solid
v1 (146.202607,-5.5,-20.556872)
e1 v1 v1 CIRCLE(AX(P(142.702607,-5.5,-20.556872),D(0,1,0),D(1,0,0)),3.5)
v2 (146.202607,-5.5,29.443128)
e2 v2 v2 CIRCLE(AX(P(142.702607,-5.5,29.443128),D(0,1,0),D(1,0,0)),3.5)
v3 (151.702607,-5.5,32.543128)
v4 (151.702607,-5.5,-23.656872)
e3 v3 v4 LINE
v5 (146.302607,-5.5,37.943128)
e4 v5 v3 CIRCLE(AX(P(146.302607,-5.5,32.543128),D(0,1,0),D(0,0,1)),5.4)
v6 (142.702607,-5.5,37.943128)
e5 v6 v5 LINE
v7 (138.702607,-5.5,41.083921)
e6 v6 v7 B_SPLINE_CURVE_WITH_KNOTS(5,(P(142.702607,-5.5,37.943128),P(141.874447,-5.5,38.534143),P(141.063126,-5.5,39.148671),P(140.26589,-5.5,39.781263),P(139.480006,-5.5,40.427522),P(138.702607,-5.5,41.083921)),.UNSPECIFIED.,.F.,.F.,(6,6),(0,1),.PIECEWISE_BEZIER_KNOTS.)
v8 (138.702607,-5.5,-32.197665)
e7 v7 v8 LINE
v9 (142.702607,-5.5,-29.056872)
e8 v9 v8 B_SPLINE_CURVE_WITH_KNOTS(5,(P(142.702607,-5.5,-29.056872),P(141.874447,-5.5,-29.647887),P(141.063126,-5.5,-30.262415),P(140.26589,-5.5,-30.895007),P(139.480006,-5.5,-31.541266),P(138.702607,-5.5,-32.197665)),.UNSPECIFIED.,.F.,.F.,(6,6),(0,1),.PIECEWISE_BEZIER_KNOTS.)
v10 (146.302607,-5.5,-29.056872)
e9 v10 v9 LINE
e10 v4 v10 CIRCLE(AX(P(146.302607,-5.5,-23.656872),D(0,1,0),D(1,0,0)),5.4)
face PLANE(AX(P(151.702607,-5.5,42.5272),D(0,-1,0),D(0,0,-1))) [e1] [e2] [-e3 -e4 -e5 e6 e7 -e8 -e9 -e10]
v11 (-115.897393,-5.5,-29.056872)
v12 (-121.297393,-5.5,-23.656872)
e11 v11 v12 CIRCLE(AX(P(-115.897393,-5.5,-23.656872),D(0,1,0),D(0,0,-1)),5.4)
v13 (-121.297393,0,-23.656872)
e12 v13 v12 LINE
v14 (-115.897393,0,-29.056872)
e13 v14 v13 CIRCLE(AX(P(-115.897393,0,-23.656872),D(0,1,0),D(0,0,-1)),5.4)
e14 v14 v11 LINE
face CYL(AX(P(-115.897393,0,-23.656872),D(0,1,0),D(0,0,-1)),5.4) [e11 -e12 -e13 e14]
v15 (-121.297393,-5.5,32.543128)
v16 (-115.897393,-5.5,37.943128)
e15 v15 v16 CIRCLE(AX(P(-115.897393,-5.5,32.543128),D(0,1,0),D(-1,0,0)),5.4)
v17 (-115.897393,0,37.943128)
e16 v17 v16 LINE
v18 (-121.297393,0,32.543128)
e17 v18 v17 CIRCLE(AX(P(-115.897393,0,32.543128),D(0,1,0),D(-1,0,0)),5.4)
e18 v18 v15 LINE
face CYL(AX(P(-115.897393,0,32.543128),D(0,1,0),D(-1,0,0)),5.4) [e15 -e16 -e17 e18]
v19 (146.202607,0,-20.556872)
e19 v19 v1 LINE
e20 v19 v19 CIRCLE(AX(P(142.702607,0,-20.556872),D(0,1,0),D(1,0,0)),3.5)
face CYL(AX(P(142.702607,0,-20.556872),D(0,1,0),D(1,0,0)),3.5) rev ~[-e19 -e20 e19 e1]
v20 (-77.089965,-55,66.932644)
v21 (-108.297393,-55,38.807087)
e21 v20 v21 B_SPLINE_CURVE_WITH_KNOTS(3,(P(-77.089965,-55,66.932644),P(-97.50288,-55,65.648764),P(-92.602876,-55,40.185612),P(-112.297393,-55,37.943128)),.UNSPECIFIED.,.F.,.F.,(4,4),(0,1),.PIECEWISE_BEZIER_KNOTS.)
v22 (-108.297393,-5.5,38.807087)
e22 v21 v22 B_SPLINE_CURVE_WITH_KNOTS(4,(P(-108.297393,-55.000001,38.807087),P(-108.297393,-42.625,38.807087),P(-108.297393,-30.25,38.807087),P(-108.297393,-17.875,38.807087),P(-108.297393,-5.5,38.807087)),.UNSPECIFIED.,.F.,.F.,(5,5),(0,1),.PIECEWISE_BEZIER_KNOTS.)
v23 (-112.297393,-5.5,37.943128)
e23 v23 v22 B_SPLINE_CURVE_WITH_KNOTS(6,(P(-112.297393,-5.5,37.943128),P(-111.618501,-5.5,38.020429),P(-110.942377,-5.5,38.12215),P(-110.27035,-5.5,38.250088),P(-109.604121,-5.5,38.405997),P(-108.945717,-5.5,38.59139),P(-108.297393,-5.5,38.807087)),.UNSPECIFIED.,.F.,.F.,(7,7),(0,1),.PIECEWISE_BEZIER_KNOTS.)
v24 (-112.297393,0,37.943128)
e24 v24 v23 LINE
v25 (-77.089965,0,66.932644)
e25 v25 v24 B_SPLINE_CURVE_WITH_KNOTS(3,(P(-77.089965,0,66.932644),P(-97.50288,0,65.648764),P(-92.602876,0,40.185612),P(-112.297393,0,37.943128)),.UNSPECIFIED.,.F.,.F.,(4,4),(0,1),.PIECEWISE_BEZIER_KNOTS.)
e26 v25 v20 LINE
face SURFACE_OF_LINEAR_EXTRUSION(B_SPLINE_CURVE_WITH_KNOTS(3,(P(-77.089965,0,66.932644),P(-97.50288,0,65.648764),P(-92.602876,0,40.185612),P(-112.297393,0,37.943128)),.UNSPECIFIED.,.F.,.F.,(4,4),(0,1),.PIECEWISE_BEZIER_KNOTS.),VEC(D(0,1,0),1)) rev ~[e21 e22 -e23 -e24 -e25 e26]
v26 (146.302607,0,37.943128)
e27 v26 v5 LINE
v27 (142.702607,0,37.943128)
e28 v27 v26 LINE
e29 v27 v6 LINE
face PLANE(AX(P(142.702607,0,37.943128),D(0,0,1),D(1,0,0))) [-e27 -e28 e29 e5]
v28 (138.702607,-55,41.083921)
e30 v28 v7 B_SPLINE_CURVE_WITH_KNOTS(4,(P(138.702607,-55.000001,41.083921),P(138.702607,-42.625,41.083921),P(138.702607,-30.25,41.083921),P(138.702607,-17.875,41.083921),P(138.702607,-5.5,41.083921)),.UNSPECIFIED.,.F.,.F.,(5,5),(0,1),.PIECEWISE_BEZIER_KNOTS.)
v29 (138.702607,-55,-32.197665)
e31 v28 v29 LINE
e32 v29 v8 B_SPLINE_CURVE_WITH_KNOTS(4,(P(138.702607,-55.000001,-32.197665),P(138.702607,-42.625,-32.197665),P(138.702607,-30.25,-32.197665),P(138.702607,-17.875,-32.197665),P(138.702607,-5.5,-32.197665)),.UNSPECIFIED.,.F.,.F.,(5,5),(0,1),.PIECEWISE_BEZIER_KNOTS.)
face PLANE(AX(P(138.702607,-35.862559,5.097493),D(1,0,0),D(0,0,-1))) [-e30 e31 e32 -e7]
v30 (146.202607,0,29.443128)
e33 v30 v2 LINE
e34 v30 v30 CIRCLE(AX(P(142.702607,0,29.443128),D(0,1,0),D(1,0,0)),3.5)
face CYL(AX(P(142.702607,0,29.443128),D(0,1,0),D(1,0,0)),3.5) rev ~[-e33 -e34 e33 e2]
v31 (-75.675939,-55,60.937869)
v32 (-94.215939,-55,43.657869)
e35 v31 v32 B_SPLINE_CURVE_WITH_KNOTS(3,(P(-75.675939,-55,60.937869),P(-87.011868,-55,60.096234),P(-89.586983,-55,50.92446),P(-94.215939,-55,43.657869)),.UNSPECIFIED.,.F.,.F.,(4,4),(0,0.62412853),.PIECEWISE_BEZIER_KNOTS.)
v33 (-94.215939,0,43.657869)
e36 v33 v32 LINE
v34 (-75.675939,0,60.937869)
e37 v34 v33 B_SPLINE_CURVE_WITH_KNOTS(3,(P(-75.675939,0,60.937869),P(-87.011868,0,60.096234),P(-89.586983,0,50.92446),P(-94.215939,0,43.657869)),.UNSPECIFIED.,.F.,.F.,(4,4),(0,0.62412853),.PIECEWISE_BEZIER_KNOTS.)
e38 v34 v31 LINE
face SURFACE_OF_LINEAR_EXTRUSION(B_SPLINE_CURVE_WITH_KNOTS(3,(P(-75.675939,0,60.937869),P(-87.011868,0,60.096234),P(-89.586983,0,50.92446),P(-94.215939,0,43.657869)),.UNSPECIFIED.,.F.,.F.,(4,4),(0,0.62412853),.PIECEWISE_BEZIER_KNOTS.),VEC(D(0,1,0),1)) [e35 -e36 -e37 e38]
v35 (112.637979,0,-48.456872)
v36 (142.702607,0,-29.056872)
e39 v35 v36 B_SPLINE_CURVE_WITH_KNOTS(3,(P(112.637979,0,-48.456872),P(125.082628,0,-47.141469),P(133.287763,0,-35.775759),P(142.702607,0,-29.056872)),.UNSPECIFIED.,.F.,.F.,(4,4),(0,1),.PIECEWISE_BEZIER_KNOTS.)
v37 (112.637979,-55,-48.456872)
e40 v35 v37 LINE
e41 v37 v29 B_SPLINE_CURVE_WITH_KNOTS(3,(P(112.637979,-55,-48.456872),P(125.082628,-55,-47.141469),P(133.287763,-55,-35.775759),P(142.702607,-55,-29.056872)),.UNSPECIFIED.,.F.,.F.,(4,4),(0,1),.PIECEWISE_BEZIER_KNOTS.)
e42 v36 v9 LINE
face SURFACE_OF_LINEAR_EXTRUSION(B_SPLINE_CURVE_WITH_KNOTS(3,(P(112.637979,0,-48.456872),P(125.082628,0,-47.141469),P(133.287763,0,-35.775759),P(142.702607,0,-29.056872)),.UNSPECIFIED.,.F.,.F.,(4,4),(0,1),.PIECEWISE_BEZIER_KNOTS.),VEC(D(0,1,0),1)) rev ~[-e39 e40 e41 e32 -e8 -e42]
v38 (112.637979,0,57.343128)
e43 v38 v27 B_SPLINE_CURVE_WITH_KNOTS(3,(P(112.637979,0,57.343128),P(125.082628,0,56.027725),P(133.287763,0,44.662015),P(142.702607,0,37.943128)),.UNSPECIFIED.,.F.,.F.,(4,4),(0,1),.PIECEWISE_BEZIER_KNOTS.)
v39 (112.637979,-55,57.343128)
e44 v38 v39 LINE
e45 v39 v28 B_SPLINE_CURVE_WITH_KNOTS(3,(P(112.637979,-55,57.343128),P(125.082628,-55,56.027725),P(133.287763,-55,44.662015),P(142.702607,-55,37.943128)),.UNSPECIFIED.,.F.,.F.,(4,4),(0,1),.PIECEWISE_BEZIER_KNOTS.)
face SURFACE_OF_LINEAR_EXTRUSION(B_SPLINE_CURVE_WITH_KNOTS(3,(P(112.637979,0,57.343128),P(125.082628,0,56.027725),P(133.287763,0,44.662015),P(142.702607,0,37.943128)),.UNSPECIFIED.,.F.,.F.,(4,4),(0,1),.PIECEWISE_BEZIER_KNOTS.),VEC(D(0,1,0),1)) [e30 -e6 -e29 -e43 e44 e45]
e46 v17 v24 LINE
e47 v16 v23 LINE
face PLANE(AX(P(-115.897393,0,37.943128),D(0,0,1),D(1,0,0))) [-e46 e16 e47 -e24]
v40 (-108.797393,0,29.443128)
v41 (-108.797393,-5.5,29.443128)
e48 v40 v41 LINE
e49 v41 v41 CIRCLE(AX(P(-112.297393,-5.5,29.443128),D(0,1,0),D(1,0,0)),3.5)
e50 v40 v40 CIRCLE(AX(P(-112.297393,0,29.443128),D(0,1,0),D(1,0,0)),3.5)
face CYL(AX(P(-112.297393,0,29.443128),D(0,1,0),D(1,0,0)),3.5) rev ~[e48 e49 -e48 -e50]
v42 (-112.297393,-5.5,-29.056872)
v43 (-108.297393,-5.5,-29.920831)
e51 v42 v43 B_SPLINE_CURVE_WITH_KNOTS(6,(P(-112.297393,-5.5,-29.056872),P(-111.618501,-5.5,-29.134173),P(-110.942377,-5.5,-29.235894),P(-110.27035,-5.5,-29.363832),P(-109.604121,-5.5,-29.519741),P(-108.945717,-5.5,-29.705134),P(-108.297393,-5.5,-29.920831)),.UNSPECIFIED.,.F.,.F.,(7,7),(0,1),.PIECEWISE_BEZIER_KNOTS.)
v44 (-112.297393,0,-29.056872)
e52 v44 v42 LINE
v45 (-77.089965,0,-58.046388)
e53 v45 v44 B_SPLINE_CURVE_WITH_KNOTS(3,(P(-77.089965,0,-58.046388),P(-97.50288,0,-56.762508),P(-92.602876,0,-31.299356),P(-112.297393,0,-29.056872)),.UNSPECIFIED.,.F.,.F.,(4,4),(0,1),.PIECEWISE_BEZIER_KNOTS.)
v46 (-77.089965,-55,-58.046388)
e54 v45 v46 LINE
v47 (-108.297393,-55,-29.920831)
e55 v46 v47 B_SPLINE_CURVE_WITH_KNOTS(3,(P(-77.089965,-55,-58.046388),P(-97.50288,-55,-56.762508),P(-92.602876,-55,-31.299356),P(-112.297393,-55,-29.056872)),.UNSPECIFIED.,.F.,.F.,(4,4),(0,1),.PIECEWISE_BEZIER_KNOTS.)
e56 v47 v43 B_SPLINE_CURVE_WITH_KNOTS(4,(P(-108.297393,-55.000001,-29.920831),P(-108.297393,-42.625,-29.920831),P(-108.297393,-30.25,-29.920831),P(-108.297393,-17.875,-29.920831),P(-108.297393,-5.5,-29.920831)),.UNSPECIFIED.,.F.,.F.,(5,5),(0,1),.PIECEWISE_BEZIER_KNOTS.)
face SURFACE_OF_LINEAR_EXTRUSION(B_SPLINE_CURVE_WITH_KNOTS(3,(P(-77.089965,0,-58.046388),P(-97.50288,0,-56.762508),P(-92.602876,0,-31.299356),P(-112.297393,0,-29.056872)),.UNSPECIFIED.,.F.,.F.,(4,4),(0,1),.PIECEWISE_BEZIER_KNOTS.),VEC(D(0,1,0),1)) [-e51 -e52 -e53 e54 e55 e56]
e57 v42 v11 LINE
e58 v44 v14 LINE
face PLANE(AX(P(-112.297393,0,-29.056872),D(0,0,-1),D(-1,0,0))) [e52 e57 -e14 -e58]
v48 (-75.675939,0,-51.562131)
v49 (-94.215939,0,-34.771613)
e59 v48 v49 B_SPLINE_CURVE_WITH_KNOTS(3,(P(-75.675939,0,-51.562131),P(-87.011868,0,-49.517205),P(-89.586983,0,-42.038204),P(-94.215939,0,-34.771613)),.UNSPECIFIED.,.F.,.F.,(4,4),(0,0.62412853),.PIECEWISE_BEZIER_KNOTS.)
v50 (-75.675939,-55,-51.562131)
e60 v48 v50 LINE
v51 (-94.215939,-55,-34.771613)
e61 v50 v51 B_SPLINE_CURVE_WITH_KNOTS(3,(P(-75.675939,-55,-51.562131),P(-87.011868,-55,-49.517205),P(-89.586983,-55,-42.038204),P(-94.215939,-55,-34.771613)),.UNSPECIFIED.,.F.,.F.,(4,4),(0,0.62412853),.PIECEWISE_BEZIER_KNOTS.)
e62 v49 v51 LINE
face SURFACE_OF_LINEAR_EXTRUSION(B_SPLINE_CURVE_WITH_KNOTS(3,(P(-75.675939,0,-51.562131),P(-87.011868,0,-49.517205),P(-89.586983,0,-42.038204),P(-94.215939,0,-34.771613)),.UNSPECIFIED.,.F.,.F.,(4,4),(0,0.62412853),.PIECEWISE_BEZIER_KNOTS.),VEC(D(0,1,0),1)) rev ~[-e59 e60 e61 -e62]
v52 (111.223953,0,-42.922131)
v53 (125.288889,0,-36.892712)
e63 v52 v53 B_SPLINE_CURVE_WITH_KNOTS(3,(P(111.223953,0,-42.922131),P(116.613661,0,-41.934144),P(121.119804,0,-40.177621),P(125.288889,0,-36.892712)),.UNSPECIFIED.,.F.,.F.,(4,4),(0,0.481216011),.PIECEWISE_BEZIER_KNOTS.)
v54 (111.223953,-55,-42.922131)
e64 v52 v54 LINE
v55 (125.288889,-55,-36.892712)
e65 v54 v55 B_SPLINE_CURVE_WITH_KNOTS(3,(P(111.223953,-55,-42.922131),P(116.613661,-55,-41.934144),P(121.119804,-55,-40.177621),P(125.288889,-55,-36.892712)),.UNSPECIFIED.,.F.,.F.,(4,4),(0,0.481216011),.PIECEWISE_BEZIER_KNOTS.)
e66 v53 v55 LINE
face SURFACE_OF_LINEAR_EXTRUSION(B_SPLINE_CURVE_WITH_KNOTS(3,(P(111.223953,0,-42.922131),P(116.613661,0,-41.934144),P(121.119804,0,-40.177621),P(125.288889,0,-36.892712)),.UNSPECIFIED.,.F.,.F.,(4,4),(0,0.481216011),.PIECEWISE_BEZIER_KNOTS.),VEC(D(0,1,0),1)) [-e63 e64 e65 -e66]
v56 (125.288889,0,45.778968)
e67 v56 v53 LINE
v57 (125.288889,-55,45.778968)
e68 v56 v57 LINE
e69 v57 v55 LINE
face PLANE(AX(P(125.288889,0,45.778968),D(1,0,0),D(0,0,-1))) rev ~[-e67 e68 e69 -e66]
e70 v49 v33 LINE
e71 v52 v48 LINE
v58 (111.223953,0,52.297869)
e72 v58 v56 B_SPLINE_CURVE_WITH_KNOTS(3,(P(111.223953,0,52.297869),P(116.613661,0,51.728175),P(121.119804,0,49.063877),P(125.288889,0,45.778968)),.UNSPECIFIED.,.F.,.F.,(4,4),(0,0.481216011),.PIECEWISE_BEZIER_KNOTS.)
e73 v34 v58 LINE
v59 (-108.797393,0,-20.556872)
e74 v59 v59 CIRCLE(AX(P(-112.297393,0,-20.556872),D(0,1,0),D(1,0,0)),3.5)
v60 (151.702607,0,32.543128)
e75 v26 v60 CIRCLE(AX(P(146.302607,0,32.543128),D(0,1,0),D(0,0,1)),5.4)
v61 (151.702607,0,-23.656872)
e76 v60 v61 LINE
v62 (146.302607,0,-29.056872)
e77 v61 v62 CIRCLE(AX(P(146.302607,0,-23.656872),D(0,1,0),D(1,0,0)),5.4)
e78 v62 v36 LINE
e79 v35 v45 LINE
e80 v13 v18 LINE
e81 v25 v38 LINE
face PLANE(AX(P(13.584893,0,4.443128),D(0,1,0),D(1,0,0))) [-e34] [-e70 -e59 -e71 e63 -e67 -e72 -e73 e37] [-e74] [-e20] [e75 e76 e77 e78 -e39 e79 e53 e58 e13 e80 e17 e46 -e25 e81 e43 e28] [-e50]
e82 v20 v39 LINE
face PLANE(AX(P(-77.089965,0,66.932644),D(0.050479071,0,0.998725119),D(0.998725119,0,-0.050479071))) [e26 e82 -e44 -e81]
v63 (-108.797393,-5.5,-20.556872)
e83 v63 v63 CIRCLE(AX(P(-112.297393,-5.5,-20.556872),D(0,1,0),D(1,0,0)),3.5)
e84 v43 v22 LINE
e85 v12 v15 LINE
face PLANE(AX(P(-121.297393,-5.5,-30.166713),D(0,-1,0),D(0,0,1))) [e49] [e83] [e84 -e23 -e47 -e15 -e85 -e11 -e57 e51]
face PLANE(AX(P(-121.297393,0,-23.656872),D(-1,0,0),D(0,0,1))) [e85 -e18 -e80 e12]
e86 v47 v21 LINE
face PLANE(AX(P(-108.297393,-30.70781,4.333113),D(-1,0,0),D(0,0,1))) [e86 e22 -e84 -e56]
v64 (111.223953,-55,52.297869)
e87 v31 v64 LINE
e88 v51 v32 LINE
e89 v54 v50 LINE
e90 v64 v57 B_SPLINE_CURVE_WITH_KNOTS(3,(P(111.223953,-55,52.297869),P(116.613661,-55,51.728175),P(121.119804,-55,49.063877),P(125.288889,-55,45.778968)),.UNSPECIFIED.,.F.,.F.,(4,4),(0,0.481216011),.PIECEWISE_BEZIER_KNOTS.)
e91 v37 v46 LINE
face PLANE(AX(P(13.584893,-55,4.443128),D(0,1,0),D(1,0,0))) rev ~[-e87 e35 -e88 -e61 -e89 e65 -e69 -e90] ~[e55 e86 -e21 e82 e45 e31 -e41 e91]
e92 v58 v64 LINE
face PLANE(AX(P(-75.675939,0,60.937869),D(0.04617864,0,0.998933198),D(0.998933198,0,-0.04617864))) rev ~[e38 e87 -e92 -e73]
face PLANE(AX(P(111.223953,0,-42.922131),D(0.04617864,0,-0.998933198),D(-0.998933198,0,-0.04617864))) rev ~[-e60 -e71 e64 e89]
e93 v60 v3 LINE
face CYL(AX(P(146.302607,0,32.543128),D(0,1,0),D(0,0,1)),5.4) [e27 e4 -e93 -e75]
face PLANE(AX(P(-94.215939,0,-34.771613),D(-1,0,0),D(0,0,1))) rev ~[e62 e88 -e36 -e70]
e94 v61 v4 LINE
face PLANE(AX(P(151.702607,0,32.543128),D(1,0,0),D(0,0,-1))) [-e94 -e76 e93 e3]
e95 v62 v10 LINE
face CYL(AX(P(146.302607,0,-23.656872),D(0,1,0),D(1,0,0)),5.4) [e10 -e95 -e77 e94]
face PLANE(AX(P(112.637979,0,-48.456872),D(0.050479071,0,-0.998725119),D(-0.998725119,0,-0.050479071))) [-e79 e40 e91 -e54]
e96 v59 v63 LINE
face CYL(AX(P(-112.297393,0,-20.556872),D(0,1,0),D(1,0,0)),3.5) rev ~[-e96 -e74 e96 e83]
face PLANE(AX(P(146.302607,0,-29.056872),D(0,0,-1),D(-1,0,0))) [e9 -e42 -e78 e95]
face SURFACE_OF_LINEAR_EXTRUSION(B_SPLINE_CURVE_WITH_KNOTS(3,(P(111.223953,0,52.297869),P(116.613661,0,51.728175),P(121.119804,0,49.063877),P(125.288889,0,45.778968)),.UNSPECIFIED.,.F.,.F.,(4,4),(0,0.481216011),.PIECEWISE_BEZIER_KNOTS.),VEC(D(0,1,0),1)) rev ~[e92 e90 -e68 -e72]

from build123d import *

# Parameters (mm, degrees)
SKETCH1_R           = 3.5
BOSS_EXTRUDE2_DEPTH = 55
SKETCH7_W           = 68.999652055
SKETCH7_H           = 50.415620377
CUT_EXTRUDE5_DEPTH  = 13
SKETCH19_W          = 74.859412742
SKETCH19_H          = 60.725118028
CUT_EXTRUDE7_DEPTH  = 13


with BuildPart() as part:
    # Sketch1 → Boss-Extrude2 (new body)
    with BuildSketch(Plane(origin=(0, 0, 0), x_dir=(1, 0, 0), z_dir=(0, 1, 0))):
        with BuildLine():
            Line((-77.08996548, -66.932643829), (112.637979465, -57.343127962))
            add(Edge.make_bspline(
                [(112.637979465, -57.343127962), (125.082628436, -56.027724614), (133.287763268, -44.662014668), (142.702606635, -37.943127962)],
                knots=[0, 0, 0, 0, 1, 1, 1, 1], degree=3))
            Line((142.702606635, -37.943127962), (146.202606635, -37.943127962))
            Line((146.202606635, -37.943127962), (146.302606635, -37.943127962))
            ThreePointArc((146.302606635, -37.943127962), (150.120983253, -36.36150458), (151.702606635, -32.543127962))
            Line((151.702606635, -32.543127962), (151.702606635, 23.656872038))
            ThreePointArc((151.702606635, 23.656872038), (150.120983253, 27.475248656), (146.302606635, 29.056872038))
            Line((146.302606635, 29.056872038), (146.202606635, 29.056872038))
            Line((146.202606635, 29.056872038), (142.702606635, 29.056872038))
            add(Edge.make_bspline(
                [(112.637979465, 48.456872038), (125.082628436, 47.14146869), (133.287763268, 35.775758744), (142.702606635, 29.056872038)],
                knots=[0, 0, 0, 0, 1, 1, 1, 1], degree=3))
            Line((112.637979465, 48.456872038), (-77.08996548, 58.046387905))
            add(Edge.make_bspline(
                [(-77.08996548, 58.046387905), (-97.502880255, 56.762508137), (-92.602876077, 31.29935649), (-112.297393365, 29.056872038)],
                knots=[0, 0, 0, 0, 1, 1, 1, 1], degree=3))
            Line((-112.297393365, 29.056872038), (-115.797393365, 29.056872038))
            Line((-115.797393365, 29.056872038), (-115.897393365, 29.056872038))
            ThreePointArc((-115.897393365, 29.056872038), (-119.715769983, 27.475248656), (-121.297393365, 23.656872038))
            Line((-121.297393365, 23.656872038), (-121.297393365, -32.543127962))
            ThreePointArc((-121.297393365, -32.543127962), (-119.715769983, -36.36150458), (-115.897393365, -37.943127962))
            Line((-115.897393365, -37.943127962), (-115.797393365, -37.943127962))
            Line((-115.797393365, -37.943127962), (-112.297393365, -37.943127962))
            add(Edge.make_bspline(
                [(-77.08996548, -66.932643829), (-97.502880255, -65.648764061), (-92.602876077, -40.185612414), (-112.297393365, -37.943127962)],
                knots=[0, 0, 0, 0, 1, 1, 1, 1], degree=3))
        make_face()
        with Locations((-112.297393365, 20.556872038)):
            Circle(SKETCH1_R, mode=Mode.SUBTRACT)
        with Locations((-112.297393365, -29.443127962)):
            Circle(SKETCH1_R, mode=Mode.SUBTRACT)
        with Locations((142.702606635, -29.443127962)):
            Circle(SKETCH1_R, mode=Mode.SUBTRACT)
        with Locations((142.702606635, 20.556872038)):
            Circle(SKETCH1_R, mode=Mode.SUBTRACT)
        with BuildLine():
            Line((-75.675939266, -60.937869235), (111.223953251, -52.297869235))
            add(Edge.make_bspline(
                [(111.223953251, -52.297869235), (116.613661153, -51.728175398), (121.119803585, -49.063877422), (125.288889488, -45.778967713)],
                knots=[0, 0, 0, 0, 0.481216011, 0.481216011, 0.481216011, 0.481216011], degree=3))
            Line((125.288889488, -45.778967713), (125.288889488, 36.892711789))
            add(Edge.make_bspline(
                [(111.223953251, 42.922130765), (116.613661153, 41.934143872), (121.119803585, 40.177621498), (125.288889488, 36.892711789)],
                knots=[0, 0, 0, 0, 0.481216011, 0.481216011, 0.481216011, 0.481216011], degree=3))
            Line((111.223953251, 42.922130765), (-75.675939266, 51.562130765))
            add(Edge.make_bspline(
                [(-75.675939266, 51.562130765), (-87.01186848, 49.517204736), (-89.586983119, 42.038204428), (-94.215939266, 34.771613311)],
                knots=[0, 0, 0, 0, 0.62412853, 0.62412853, 0.62412853, 0.62412853], degree=3))
            Line((-94.215939266, 34.771613311), (-94.215939266, -43.657869235))
            add(Edge.make_bspline(
                [(-75.675939266, -60.937869235), (-87.01186848, -60.09623443), (-89.586983119, -50.924460352), (-94.215939266, -43.657869235)],
                knots=[0, 0, 0, 0, 0.62412853, 0.62412853, 0.62412853, 0.62412853], degree=3))
        make_face(mode=Mode.SUBTRACT)
    extrude(amount=-BOSS_EXTRUDE2_DEPTH)

    # Sketch7 → Cut-Extrude5 (cut)
    with BuildSketch(Plane.ZY.offset(121.297393365)):
        with Locations((4.333112833, -30.707810189)):
            Rectangle(SKETCH7_W, SKETCH7_H)
    extrude(amount=-CUT_EXTRUDE5_DEPTH, mode=Mode.SUBTRACT)

    # Sketch19 → Cut-Extrude7 (cut)
    with BuildSketch(Plane(origin=(151.702606635, 0, 0), x_dir=(0, 0, -1), z_dir=(1, 0, 0))):
        with Locations((-5.097493458, -35.862559014)):
            Rectangle(SKETCH19_W, SKETCH19_H)
    extrude(amount=-CUT_EXTRUDE7_DEPTH, mode=Mode.SUBTRACT)


solid = part.part
